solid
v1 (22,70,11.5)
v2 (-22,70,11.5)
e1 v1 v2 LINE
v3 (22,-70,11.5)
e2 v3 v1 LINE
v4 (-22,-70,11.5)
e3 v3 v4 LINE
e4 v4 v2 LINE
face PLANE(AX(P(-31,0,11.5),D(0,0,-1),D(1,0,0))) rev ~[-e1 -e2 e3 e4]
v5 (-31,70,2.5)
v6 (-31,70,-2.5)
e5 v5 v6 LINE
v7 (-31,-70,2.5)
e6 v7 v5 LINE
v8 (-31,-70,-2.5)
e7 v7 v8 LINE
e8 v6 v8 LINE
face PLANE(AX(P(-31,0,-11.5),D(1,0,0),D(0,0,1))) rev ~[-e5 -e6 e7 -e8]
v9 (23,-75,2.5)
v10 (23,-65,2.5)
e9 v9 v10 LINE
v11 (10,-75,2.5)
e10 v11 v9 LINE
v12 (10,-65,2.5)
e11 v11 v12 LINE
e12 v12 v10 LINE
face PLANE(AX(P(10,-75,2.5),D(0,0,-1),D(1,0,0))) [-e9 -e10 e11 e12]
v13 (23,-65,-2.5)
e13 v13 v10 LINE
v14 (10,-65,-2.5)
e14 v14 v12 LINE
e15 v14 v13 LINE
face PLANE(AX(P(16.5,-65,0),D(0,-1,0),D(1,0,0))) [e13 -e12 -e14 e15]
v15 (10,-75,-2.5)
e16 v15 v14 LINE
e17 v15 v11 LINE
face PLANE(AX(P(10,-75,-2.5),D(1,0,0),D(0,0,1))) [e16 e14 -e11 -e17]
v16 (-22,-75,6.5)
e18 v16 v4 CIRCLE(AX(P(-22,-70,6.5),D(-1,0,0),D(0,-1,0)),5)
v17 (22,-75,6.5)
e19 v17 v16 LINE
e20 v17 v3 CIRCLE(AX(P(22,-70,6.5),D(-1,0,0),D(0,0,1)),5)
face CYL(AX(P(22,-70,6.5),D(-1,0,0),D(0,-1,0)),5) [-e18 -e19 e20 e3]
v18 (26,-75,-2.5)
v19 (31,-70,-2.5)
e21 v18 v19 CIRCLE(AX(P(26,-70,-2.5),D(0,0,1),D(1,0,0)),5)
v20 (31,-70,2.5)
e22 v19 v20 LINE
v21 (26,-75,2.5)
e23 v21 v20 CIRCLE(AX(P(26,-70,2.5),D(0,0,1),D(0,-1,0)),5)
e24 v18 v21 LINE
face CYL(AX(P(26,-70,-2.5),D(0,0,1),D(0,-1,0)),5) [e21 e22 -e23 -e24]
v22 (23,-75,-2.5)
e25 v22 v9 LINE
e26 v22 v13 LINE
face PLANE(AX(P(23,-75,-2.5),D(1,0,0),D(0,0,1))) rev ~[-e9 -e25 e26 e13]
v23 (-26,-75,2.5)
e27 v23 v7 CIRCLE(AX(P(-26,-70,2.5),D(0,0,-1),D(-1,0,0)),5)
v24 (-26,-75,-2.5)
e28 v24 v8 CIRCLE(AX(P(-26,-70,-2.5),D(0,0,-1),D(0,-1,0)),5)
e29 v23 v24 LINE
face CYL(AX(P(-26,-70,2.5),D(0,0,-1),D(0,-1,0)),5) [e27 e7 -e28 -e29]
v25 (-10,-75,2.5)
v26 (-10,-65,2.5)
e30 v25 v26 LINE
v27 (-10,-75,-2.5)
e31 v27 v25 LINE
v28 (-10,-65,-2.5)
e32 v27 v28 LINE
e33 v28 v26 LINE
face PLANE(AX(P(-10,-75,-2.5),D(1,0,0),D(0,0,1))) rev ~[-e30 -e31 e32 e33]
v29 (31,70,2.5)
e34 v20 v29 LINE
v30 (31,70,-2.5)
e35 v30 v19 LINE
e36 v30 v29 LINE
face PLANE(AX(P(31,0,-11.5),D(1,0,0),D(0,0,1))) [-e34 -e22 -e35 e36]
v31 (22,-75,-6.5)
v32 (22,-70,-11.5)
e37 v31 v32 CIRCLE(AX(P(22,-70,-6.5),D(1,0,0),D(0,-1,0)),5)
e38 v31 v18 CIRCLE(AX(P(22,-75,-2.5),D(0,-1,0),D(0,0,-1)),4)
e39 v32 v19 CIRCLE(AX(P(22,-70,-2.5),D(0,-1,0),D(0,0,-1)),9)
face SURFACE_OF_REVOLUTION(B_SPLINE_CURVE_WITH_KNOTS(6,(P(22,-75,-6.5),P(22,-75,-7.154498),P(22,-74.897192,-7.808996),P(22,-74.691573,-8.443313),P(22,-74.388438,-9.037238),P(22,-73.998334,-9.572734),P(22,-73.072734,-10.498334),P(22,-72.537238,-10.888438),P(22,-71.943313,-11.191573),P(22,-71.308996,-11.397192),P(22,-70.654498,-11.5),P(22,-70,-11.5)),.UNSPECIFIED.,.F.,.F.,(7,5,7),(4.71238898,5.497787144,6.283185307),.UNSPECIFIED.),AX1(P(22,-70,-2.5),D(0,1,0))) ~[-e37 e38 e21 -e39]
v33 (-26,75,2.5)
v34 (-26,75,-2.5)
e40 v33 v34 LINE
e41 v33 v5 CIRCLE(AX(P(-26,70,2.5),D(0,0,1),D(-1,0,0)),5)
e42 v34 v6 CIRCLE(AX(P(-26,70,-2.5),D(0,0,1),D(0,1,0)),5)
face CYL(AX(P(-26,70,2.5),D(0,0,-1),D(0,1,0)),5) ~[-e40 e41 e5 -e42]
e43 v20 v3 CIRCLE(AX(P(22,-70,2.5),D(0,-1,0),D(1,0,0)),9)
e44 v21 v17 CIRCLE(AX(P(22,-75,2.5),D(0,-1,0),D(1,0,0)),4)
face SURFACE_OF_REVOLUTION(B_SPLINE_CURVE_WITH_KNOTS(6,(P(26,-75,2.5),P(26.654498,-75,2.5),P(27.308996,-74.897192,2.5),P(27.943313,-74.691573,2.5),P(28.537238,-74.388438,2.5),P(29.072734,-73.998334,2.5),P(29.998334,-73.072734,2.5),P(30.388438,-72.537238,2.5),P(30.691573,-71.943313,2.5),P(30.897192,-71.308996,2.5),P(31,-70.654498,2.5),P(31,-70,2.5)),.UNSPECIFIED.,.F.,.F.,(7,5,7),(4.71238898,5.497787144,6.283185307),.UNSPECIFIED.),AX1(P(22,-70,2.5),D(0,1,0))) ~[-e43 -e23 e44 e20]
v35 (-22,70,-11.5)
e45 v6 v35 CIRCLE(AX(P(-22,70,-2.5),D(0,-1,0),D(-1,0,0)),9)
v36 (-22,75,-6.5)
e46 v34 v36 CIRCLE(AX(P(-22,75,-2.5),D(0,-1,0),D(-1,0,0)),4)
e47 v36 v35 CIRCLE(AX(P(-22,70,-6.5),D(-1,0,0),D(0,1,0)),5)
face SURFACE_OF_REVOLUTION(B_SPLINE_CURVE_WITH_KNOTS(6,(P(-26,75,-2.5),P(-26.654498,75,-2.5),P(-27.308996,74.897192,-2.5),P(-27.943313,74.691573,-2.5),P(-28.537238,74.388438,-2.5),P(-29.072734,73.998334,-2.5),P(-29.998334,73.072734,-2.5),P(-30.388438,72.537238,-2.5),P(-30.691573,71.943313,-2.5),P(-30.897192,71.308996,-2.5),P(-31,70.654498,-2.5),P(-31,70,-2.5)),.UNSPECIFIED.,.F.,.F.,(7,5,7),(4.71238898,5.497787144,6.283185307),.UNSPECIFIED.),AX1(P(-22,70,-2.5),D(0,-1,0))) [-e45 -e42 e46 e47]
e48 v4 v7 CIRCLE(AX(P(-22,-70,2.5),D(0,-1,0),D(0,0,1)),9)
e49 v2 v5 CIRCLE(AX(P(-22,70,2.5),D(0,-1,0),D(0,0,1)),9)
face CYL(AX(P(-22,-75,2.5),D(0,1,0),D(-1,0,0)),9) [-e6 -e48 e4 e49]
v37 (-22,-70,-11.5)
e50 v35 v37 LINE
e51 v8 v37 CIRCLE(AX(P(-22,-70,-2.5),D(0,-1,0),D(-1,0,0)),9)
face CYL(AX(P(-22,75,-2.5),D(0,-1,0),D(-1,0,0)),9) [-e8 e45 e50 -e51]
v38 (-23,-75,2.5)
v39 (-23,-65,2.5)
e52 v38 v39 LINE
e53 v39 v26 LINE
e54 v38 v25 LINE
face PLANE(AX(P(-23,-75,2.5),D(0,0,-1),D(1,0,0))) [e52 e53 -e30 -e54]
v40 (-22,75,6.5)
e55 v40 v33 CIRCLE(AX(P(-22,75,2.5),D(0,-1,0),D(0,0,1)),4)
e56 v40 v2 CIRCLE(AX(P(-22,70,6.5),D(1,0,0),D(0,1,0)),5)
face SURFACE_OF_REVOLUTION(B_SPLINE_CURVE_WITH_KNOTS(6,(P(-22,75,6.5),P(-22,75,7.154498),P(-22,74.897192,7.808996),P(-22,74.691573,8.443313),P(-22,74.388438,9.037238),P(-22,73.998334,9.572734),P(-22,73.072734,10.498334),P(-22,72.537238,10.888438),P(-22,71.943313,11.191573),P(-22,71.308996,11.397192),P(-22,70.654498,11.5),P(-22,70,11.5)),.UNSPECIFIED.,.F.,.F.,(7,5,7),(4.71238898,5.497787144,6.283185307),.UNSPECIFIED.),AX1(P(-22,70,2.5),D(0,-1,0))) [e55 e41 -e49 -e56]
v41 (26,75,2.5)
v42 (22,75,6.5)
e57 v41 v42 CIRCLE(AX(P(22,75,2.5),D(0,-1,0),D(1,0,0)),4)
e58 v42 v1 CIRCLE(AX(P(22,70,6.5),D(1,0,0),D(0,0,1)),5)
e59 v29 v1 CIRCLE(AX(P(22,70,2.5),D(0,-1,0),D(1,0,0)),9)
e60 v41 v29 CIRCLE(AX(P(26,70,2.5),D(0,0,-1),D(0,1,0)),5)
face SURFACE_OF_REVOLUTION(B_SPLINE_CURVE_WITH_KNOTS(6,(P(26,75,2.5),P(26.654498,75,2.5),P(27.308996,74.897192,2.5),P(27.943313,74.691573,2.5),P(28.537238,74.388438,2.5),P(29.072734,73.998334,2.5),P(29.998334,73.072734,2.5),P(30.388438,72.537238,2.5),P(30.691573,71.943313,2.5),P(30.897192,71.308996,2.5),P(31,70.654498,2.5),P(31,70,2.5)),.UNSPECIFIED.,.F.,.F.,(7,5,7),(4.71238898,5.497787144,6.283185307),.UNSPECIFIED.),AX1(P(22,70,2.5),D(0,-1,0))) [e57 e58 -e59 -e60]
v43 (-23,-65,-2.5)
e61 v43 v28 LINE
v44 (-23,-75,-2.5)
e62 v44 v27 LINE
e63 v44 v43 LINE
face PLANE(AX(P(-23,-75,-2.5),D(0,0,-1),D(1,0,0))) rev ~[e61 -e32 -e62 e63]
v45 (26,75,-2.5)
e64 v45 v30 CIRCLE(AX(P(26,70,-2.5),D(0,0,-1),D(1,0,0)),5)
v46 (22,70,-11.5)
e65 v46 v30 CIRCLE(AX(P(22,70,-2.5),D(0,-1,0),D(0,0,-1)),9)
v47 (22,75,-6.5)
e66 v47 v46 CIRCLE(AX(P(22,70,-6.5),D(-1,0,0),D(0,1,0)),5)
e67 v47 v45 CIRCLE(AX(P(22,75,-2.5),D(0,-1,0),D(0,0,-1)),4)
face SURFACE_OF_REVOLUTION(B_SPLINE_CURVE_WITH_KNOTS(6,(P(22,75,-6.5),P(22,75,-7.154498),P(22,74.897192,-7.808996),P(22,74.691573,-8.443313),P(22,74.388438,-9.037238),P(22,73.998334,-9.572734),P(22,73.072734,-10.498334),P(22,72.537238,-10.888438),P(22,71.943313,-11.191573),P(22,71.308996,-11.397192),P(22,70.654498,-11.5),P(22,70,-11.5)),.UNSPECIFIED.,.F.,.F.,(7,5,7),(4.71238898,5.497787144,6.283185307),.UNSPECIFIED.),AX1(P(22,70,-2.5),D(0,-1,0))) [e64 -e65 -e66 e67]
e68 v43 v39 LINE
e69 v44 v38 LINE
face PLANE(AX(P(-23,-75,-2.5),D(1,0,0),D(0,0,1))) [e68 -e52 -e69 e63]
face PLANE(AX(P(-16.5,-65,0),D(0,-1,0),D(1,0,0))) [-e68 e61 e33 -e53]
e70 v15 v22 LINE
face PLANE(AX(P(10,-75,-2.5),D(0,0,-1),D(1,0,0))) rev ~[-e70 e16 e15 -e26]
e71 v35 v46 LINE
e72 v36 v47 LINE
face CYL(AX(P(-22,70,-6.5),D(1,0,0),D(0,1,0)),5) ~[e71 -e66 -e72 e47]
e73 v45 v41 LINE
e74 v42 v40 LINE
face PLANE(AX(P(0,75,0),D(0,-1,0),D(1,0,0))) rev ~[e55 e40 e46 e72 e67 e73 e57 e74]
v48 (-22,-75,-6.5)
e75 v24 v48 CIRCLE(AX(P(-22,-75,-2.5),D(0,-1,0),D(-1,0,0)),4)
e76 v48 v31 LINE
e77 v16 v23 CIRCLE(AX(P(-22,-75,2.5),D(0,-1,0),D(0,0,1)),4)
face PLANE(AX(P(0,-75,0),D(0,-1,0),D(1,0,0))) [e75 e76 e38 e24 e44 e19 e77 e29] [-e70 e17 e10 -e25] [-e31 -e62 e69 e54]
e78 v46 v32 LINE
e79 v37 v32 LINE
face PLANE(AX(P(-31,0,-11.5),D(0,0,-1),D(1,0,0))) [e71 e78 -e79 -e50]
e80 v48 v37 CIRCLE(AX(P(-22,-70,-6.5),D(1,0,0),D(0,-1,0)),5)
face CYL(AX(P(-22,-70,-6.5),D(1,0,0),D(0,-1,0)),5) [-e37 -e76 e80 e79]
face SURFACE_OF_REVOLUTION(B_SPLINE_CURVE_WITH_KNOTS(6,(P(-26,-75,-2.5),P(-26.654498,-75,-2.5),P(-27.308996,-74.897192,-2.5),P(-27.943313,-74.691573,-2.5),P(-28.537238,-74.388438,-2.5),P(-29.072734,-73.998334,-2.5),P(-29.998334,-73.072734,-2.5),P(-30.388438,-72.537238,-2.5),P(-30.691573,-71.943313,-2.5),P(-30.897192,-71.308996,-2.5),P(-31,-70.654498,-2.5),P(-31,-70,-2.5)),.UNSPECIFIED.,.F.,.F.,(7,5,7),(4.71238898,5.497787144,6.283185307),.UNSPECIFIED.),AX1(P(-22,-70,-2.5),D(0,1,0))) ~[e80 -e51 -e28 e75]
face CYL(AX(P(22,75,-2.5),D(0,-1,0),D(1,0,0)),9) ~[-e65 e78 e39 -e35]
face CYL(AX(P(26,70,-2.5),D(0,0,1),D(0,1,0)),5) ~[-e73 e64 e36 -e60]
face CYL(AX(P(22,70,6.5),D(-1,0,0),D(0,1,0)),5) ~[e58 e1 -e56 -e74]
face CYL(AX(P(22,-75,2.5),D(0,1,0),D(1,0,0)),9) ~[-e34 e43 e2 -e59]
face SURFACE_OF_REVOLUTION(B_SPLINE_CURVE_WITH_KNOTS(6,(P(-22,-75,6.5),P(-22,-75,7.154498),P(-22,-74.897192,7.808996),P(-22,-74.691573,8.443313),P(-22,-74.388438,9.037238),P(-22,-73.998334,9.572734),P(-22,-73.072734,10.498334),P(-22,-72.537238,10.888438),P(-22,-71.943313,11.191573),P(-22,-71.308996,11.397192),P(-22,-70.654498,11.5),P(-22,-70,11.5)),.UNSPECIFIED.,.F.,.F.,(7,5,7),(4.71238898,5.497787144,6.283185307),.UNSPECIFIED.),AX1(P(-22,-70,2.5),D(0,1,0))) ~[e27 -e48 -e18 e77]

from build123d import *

# Parameters (mm, degrees)
F0_W          = 62
F0_H          = 23
F1_DEPTH      = 75
F1_DEPTH_BACK = 75
F2_R          = 9
F3_R          = 5
F4_W          = 13
F4_H          = 5
F5_DEPTH      = 10


with BuildPart() as f1:
    # F0 (on Front) → F1 (new body, two sides)
    with BuildSketch(Plane.XZ) as f1_sk:
        Rectangle(F0_W, F0_H)
    extrude(amount=F1_DEPTH)
    extrude(f1_sk.sketch, amount=-F1_DEPTH_BACK)

    # F2
    f2_edges = [f1.edges().sort_by_distance(p)[0] for p in [
        (31, 0, 11.5),
        (31, 0, -11.5),
        (-31, 0, 11.5),
        (-31, 0, -11.5),
    ]]
    fillet(f2_edges, radius=F2_R)

    # F3
    f3_edges = [f1.edges().sort_by_distance(p)[0] for p in [
        (0, -75, -11.5),
        (-28.363961, -75, -8.863961),
        (28.363961, -75, -8.863961),
        (-31, -75, 0),
        (31, -75, 0),
        (-28.363961, -75, 8.863961),
        (28.363961, -75, 8.863961),
        (0, -75, 11.5),
        (0, 75, -11.5),
        (-28.363961, 75, -8.863961),
        (28.363961, 75, -8.863961),
        (-31, 75, 0),
        (31, 75, 0),
        (-28.363961, 75, 8.863961),
        (28.363961, 75, 8.863961),
        (0, 75, 11.5),
    ]]
    fillet(f3_edges, radius=F3_R)

    # F4 (on face) → F5 (cut)
    with BuildSketch(Plane.XZ.offset(75)):
        with Locations((-16.5, 0)):
            Rectangle(F4_W, F4_H)
        with Locations((16.5, 0)):
            Rectangle(F4_W, F4_H)
    extrude(amount=-F5_DEPTH, mode=Mode.SUBTRACT)


solid = f1.part
